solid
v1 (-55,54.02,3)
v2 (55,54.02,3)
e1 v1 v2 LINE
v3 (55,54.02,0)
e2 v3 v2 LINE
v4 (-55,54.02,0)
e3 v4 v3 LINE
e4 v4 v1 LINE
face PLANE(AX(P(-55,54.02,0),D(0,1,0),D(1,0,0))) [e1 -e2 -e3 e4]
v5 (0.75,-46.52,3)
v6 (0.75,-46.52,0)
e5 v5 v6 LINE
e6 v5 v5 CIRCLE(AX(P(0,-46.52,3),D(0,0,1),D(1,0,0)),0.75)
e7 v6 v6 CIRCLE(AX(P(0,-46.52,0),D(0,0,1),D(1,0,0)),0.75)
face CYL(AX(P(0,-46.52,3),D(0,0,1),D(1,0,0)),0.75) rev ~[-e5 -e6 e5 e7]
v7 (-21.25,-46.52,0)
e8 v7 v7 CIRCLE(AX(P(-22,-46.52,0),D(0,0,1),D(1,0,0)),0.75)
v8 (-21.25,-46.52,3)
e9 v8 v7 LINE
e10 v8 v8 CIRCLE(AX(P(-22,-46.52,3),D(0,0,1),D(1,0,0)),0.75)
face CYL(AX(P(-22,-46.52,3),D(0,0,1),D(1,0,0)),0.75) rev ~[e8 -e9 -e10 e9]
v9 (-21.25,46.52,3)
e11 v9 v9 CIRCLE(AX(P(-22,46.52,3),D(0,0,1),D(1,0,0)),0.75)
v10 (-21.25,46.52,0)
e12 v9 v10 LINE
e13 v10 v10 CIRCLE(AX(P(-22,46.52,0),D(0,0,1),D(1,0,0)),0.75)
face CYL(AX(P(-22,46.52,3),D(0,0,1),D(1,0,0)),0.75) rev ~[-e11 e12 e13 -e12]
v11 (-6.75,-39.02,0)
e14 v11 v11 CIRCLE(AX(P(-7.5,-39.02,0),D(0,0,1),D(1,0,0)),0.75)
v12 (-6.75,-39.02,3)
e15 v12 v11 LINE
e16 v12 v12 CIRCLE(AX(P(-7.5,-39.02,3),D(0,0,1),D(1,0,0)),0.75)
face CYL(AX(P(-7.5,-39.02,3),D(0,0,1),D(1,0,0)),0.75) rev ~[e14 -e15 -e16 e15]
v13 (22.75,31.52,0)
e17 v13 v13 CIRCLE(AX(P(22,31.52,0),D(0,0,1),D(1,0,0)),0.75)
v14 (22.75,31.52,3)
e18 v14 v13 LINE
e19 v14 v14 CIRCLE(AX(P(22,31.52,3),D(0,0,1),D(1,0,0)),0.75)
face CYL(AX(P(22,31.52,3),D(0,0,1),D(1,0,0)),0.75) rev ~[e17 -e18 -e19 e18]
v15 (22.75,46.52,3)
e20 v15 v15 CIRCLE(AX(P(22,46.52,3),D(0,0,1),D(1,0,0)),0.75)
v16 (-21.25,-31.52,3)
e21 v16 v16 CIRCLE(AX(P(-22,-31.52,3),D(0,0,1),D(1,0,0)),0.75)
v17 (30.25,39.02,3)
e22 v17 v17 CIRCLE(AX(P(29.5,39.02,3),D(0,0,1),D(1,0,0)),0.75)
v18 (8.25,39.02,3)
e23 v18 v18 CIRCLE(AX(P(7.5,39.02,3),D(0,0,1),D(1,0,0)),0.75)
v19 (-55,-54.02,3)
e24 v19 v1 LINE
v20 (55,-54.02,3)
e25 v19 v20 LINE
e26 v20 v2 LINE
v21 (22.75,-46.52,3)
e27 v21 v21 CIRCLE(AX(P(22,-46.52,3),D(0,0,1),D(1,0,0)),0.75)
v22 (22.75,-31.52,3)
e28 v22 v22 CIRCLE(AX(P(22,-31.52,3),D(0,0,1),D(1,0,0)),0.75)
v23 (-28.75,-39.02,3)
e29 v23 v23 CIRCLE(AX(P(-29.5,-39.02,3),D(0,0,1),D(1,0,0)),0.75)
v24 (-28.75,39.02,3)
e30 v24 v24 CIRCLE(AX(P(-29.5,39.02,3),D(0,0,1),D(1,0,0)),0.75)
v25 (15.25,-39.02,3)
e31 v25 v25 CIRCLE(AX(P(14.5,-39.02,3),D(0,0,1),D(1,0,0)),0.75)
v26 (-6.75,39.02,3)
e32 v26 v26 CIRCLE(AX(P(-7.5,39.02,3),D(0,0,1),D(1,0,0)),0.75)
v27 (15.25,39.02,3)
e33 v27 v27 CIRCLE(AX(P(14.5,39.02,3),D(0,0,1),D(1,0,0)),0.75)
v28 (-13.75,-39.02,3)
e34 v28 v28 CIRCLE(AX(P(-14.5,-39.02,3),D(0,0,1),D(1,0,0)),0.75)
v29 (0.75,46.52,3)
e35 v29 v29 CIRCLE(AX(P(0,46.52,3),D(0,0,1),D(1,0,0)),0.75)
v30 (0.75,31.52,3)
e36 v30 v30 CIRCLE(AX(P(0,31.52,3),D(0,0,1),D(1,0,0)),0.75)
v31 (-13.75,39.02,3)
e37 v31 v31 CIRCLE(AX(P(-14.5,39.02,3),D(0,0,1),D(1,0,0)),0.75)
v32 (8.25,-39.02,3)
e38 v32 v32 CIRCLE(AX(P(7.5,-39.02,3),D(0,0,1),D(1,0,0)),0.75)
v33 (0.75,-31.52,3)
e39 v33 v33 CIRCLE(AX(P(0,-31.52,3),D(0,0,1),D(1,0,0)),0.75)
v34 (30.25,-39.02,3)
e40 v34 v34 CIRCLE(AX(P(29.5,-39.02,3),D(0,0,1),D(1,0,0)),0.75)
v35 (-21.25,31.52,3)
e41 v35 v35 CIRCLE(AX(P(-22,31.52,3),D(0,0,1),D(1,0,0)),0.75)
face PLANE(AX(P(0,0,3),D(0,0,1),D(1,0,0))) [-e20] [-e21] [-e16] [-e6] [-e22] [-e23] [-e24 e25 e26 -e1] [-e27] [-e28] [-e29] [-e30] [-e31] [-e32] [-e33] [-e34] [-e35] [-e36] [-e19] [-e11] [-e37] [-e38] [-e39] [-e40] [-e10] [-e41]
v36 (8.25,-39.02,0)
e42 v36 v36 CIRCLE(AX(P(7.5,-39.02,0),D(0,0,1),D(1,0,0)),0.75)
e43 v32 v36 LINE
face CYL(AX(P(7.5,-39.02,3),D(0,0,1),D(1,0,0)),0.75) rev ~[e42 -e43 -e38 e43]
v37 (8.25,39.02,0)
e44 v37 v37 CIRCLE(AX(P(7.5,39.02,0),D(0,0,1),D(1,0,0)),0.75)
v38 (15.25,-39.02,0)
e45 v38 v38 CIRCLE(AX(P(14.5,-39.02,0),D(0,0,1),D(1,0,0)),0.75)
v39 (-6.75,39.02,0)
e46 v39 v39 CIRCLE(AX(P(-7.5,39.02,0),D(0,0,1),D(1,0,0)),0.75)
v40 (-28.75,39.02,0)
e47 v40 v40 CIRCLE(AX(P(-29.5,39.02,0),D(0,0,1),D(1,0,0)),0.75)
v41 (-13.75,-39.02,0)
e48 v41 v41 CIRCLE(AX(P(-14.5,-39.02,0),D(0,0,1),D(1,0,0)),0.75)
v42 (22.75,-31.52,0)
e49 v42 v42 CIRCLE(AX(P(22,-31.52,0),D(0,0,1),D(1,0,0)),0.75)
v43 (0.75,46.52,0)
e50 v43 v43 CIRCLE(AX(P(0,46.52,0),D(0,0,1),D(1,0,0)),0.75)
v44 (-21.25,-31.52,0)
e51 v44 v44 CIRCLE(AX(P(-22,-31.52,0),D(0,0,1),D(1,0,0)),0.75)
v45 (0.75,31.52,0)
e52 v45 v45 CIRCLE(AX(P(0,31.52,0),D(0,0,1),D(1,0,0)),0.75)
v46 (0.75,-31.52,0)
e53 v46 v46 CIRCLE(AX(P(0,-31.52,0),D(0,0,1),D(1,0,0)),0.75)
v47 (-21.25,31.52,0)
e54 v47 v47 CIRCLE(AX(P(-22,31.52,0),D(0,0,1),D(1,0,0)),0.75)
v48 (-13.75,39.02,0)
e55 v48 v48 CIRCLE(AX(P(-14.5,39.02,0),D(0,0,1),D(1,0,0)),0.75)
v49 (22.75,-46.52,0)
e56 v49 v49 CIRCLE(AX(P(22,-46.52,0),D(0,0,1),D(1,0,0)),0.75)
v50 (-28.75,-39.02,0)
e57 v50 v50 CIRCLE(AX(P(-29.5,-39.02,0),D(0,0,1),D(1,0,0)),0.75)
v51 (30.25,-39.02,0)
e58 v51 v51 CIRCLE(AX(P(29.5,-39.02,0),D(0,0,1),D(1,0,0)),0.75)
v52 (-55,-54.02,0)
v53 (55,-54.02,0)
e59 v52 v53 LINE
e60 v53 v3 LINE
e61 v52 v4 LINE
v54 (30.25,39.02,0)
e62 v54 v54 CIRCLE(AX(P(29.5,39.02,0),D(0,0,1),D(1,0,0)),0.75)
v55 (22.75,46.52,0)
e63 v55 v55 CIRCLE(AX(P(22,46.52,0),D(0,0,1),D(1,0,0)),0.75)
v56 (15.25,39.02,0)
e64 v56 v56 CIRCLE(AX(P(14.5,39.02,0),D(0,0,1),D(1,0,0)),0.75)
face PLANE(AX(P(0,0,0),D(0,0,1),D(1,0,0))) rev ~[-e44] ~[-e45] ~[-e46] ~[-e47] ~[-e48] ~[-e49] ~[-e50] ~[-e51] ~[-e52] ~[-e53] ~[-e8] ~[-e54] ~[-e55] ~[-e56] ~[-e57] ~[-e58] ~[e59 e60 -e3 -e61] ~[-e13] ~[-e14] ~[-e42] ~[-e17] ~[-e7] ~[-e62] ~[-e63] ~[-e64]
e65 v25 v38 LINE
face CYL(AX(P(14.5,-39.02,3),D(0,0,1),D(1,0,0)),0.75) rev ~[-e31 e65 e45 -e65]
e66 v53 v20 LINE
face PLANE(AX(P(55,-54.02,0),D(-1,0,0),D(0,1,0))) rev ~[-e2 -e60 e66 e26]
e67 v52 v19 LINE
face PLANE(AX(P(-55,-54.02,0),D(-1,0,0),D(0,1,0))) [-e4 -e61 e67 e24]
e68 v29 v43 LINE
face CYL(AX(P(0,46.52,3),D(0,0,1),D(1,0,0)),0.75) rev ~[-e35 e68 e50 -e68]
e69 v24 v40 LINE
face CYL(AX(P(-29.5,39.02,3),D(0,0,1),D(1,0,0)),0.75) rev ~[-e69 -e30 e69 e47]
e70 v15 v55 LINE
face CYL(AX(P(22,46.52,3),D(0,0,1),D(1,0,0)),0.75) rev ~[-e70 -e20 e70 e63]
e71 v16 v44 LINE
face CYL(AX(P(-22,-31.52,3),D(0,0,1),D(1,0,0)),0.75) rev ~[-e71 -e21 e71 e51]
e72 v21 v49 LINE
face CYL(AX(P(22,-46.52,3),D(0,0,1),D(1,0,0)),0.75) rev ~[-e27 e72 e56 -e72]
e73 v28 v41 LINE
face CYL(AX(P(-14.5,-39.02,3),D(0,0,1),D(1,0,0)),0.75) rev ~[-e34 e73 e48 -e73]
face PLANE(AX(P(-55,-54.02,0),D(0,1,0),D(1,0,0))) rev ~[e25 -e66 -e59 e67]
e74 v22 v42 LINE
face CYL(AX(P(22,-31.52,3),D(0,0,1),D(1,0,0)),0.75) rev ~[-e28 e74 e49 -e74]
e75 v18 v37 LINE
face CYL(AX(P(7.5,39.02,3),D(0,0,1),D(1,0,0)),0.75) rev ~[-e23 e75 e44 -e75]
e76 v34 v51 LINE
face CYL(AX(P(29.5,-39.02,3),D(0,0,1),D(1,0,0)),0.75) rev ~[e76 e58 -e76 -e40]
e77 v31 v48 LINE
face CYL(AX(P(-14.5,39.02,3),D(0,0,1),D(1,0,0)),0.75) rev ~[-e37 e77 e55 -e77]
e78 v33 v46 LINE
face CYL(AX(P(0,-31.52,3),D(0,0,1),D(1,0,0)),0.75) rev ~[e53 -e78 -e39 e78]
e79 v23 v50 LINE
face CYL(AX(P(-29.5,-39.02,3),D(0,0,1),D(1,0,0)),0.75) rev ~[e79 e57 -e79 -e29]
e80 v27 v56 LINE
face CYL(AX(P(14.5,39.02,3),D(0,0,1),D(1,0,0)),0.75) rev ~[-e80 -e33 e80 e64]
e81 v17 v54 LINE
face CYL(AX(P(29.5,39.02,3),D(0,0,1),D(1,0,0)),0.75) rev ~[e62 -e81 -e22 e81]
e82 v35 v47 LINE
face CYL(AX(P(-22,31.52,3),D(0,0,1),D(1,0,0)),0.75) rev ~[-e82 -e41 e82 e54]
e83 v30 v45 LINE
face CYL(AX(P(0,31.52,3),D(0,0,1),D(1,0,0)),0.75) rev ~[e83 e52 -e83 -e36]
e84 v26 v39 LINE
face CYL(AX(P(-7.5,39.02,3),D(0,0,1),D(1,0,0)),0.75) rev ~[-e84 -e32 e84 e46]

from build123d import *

# Parameters (mm, degrees)
CROQUIS1_W              = 110
CROQUIS1_H              = 108.04
SALIENTE_EXTRUIR1_DEPTH = 3
CORTAR_EXTRUIR1_REACH   = 79.15
CROQUIS2_R              = 0.75


with BuildPart() as part:
    # Croquis1 → Saliente-Extruir1 (new body)
    with BuildSketch(Plane.XY):
        Rectangle(CROQUIS1_W, CROQUIS1_H)
    extrude(amount=SALIENTE_EXTRUIR1_DEPTH)

    # Croquis2 → Cortar-Extruir1 (cut, up to next)
    with BuildSketch(Plane.XY.offset(3), mode=Mode.PRIVATE) as cortar_extruir1_sk1:
        with Locations((7.5, -39.02)):
            Circle(CROQUIS2_R)
    cortar_extruir1_tool1 = extrude(cortar_extruir1_sk1.sketch, amount=-CORTAR_EXTRUIR1_REACH, mode=Mode.PRIVATE) & part.part
    # Croquis2 → Cortar-Extruir1 (cut, up to next)
    with BuildSketch(Plane.XY.offset(3), mode=Mode.PRIVATE) as cortar_extruir1_sk2:
        with Locations((-7.5, -39.02)):
            Circle(CROQUIS2_R)
    cortar_extruir1_tool2 = extrude(cortar_extruir1_sk2.sketch, amount=-CORTAR_EXTRUIR1_REACH, mode=Mode.PRIVATE) & part.part
    # Croquis2 → Cortar-Extruir1 (cut, up to next)
    with BuildSketch(Plane.XY.offset(3), mode=Mode.PRIVATE) as cortar_extruir1_sk3:
        with Locations((0, -46.52)):
            Circle(CROQUIS2_R)
    cortar_extruir1_tool3 = extrude(cortar_extruir1_sk3.sketch, amount=-CORTAR_EXTRUIR1_REACH, mode=Mode.PRIVATE) & part.part
    # Croquis2 → Cortar-Extruir1 (cut, up to next)
    with BuildSketch(Plane.XY.offset(3), mode=Mode.PRIVATE) as cortar_extruir1_sk4:
        with Locations((0, -31.52)):
            Circle(CROQUIS2_R)
    cortar_extruir1_tool4 = extrude(cortar_extruir1_sk4.sketch, amount=-CORTAR_EXTRUIR1_REACH, mode=Mode.PRIVATE) & part.part
    # Croquis2 → Cortar-Extruir1 (cut, up to next)
    with BuildSketch(Plane.XY.offset(3), mode=Mode.PRIVATE) as cortar_extruir1_sk5:
        with Locations((14.5, -39.02)):
            Circle(CROQUIS2_R)
    cortar_extruir1_tool5 = extrude(cortar_extruir1_sk5.sketch, amount=-CORTAR_EXTRUIR1_REACH, mode=Mode.PRIVATE) & part.part
    # Croquis2 → Cortar-Extruir1 (cut, up to next)
    with BuildSketch(Plane.XY.offset(3), mode=Mode.PRIVATE) as cortar_extruir1_sk6:
        with Locations((22, -31.52)):
            Circle(CROQUIS2_R)
    cortar_extruir1_tool6 = extrude(cortar_extruir1_sk6.sketch, amount=-CORTAR_EXTRUIR1_REACH, mode=Mode.PRIVATE) & part.part
    # Croquis2 → Cortar-Extruir1 (cut, up to next)
    with BuildSketch(Plane.XY.offset(3), mode=Mode.PRIVATE) as cortar_extruir1_sk7:
        with Locations((22, -46.52)):
            Circle(CROQUIS2_R)
    cortar_extruir1_tool7 = extrude(cortar_extruir1_sk7.sketch, amount=-CORTAR_EXTRUIR1_REACH, mode=Mode.PRIVATE) & part.part
    # Croquis2 → Cortar-Extruir1 (cut, up to next)
    with BuildSketch(Plane.XY.offset(3), mode=Mode.PRIVATE) as cortar_extruir1_sk8:
        with Locations((29.5, -39.02)):
            Circle(CROQUIS2_R)
    cortar_extruir1_tool8 = extrude(cortar_extruir1_sk8.sketch, amount=-CORTAR_EXTRUIR1_REACH, mode=Mode.PRIVATE) & part.part
    # Croquis2 → Cortar-Extruir1 (cut, up to next)
    with BuildSketch(Plane.XY.offset(3), mode=Mode.PRIVATE) as cortar_extruir1_sk9:
        with Locations((-22, -31.52)):
            Circle(CROQUIS2_R)
    cortar_extruir1_tool9 = extrude(cortar_extruir1_sk9.sketch, amount=-CORTAR_EXTRUIR1_REACH, mode=Mode.PRIVATE) & part.part
    # Croquis2 → Cortar-Extruir1 (cut, up to next)
    with BuildSketch(Plane.XY.offset(3), mode=Mode.PRIVATE) as cortar_extruir1_sk10:
        with Locations((-29.5, -39.02)):
            Circle(CROQUIS2_R)
    cortar_extruir1_tool10 = extrude(cortar_extruir1_sk10.sketch, amount=-CORTAR_EXTRUIR1_REACH, mode=Mode.PRIVATE) & part.part
    # Croquis2 → Cortar-Extruir1 (cut, up to next)
    with BuildSketch(Plane.XY.offset(3), mode=Mode.PRIVATE) as cortar_extruir1_sk11:
        with Locations((-22, -46.52)):
            Circle(CROQUIS2_R)
    cortar_extruir1_tool11 = extrude(cortar_extruir1_sk11.sketch, amount=-CORTAR_EXTRUIR1_REACH, mode=Mode.PRIVATE) & part.part
    # Croquis2 → Cortar-Extruir1 (cut, up to next)
    with BuildSketch(Plane.XY.offset(3), mode=Mode.PRIVATE) as cortar_extruir1_sk12:
        with Locations((-14.5, -39.02)):
            Circle(CROQUIS2_R)
    cortar_extruir1_tool12 = extrude(cortar_extruir1_sk12.sketch, amount=-CORTAR_EXTRUIR1_REACH, mode=Mode.PRIVATE) & part.part
    # Croquis2 → Cortar-Extruir1 (cut, up to next)
    with BuildSketch(Plane.XY.offset(3), mode=Mode.PRIVATE) as cortar_extruir1_sk13:
        with Locations((29.5, 39.02)):
            Circle(CROQUIS2_R)
    cortar_extruir1_tool13 = extrude(cortar_extruir1_sk13.sketch, amount=-CORTAR_EXTRUIR1_REACH, mode=Mode.PRIVATE) & part.part
    # Croquis2 → Cortar-Extruir1 (cut, up to next)
    with BuildSketch(Plane.XY.offset(3), mode=Mode.PRIVATE) as cortar_extruir1_sk14:
        with Locations((22, 31.52)):
            Circle(CROQUIS2_R)
    cortar_extruir1_tool14 = extrude(cortar_extruir1_sk14.sketch, amount=-CORTAR_EXTRUIR1_REACH, mode=Mode.PRIVATE) & part.part
    # Croquis2 → Cortar-Extruir1 (cut, up to next)
    with BuildSketch(Plane.XY.offset(3), mode=Mode.PRIVATE) as cortar_extruir1_sk15:
        with Locations((22, 46.52)):
            Circle(CROQUIS2_R)
    cortar_extruir1_tool15 = extrude(cortar_extruir1_sk15.sketch, amount=-CORTAR_EXTRUIR1_REACH, mode=Mode.PRIVATE) & part.part
    # Croquis2 → Cortar-Extruir1 (cut, up to next)
    with BuildSketch(Plane.XY.offset(3), mode=Mode.PRIVATE) as cortar_extruir1_sk16:
        with Locations((14.5, 39.02)):
            Circle(CROQUIS2_R)
    cortar_extruir1_tool16 = extrude(cortar_extruir1_sk16.sketch, amount=-CORTAR_EXTRUIR1_REACH, mode=Mode.PRIVATE) & part.part
    # Croquis2 → Cortar-Extruir1 (cut, up to next)
    with BuildSketch(Plane.XY.offset(3), mode=Mode.PRIVATE) as cortar_extruir1_sk17:
        with Locations((7.5, 39.02)):
            Circle(CROQUIS2_R)
    cortar_extruir1_tool17 = extrude(cortar_extruir1_sk17.sketch, amount=-CORTAR_EXTRUIR1_REACH, mode=Mode.PRIVATE) & part.part
    # Croquis2 → Cortar-Extruir1 (cut, up to next)
    with BuildSketch(Plane.XY.offset(3), mode=Mode.PRIVATE) as cortar_extruir1_sk18:
        with Locations((0, 46.52)):
            Circle(CROQUIS2_R)
    cortar_extruir1_tool18 = extrude(cortar_extruir1_sk18.sketch, amount=-CORTAR_EXTRUIR1_REACH, mode=Mode.PRIVATE) & part.part
    # Croquis2 → Cortar-Extruir1 (cut, up to next)
    with BuildSketch(Plane.XY.offset(3), mode=Mode.PRIVATE) as cortar_extruir1_sk19:
        with Locations((0, 31.52)):
            Circle(CROQUIS2_R)
    cortar_extruir1_tool19 = extrude(cortar_extruir1_sk19.sketch, amount=-CORTAR_EXTRUIR1_REACH, mode=Mode.PRIVATE) & part.part
    # Croquis2 → Cortar-Extruir1 (cut, up to next)
    with BuildSketch(Plane.XY.offset(3), mode=Mode.PRIVATE) as cortar_extruir1_sk20:
        with Locations((-7.5, 39.02)):
            Circle(CROQUIS2_R)
    cortar_extruir1_tool20 = extrude(cortar_extruir1_sk20.sketch, amount=-CORTAR_EXTRUIR1_REACH, mode=Mode.PRIVATE) & part.part
    # Croquis2 → Cortar-Extruir1 (cut, up to next)
    with BuildSketch(Plane.XY.offset(3), mode=Mode.PRIVATE) as cortar_extruir1_sk21:
        with Locations((-14.5, 39.02)):
            Circle(CROQUIS2_R)
    cortar_extruir1_tool21 = extrude(cortar_extruir1_sk21.sketch, amount=-CORTAR_EXTRUIR1_REACH, mode=Mode.PRIVATE) & part.part
    # Croquis2 → Cortar-Extruir1 (cut, up to next)
    with BuildSketch(Plane.XY.offset(3), mode=Mode.PRIVATE) as cortar_extruir1_sk22:
        with Locations((-22, 46.52)):
            Circle(CROQUIS2_R)
    cortar_extruir1_tool22 = extrude(cortar_extruir1_sk22.sketch, amount=-CORTAR_EXTRUIR1_REACH, mode=Mode.PRIVATE) & part.part
    # Croquis2 → Cortar-Extruir1 (cut, up to next)
    with BuildSketch(Plane.XY.offset(3), mode=Mode.PRIVATE) as cortar_extruir1_sk23:
        with Locations((-22, 31.52)):
            Circle(CROQUIS2_R)
    cortar_extruir1_tool23 = extrude(cortar_extruir1_sk23.sketch, amount=-CORTAR_EXTRUIR1_REACH, mode=Mode.PRIVATE) & part.part
    # Croquis2 → Cortar-Extruir1 (cut, up to next)
    with BuildSketch(Plane.XY.offset(3), mode=Mode.PRIVATE) as cortar_extruir1_sk24:
        with Locations((-29.5, 39.02)):
            Circle(CROQUIS2_R)
    cortar_extruir1_tool24 = extrude(cortar_extruir1_sk24.sketch, amount=-CORTAR_EXTRUIR1_REACH, mode=Mode.PRIVATE) & part.part
    add(cortar_extruir1_tool1.solids().sort_by_distance((7.5, -39.02, 3))[0], mode=Mode.SUBTRACT)
    add(cortar_extruir1_tool2.solids().sort_by_distance((-7.5, -39.02, 3))[0], mode=Mode.SUBTRACT)
    add(cortar_extruir1_tool3.solids().sort_by_distance((0, -46.52, 3))[0], mode=Mode.SUBTRACT)
    add(cortar_extruir1_tool4.solids().sort_by_distance((0, -31.52, 3))[0], mode=Mode.SUBTRACT)
    add(cortar_extruir1_tool5.solids().sort_by_distance((14.5, -39.02, 3))[0], mode=Mode.SUBTRACT)
    add(cortar_extruir1_tool6.solids().sort_by_distance((22, -31.52, 3))[0], mode=Mode.SUBTRACT)
    add(cortar_extruir1_tool7.solids().sort_by_distance((22, -46.52, 3))[0], mode=Mode.SUBTRACT)
    add(cortar_extruir1_tool8.solids().sort_by_distance((29.5, -39.02, 3))[0], mode=Mode.SUBTRACT)
    add(cortar_extruir1_tool9.solids().sort_by_distance((-22, -31.52, 3))[0], mode=Mode.SUBTRACT)
    add(cortar_extruir1_tool10.solids().sort_by_distance((-29.5, -39.02, 3))[0], mode=Mode.SUBTRACT)
    add(cortar_extruir1_tool11.solids().sort_by_distance((-22, -46.52, 3))[0], mode=Mode.SUBTRACT)
    add(cortar_extruir1_tool12.solids().sort_by_distance((-14.5, -39.02, 3))[0], mode=Mode.SUBTRACT)
    add(cortar_extruir1_tool13.solids().sort_by_distance((29.5, 39.02, 3))[0], mode=Mode.SUBTRACT)
    add(cortar_extruir1_tool14.solids().sort_by_distance((22, 31.52, 3))[0], mode=Mode.SUBTRACT)
    add(cortar_extruir1_tool15.solids().sort_by_distance((22, 46.52, 3))[0], mode=Mode.SUBTRACT)
    add(cortar_extruir1_tool16.solids().sort_by_distance((14.5, 39.02, 3))[0], mode=Mode.SUBTRACT)
    add(cortar_extruir1_tool17.solids().sort_by_distance((7.5, 39.02, 3))[0], mode=Mode.SUBTRACT)
    add(cortar_extruir1_tool18.solids().sort_by_distance((0, 46.52, 3))[0], mode=Mode.SUBTRACT)
    add(cortar_extruir1_tool19.solids().sort_by_distance((0, 31.52, 3))[0], mode=Mode.SUBTRACT)
    add(cortar_extruir1_tool20.solids().sort_by_distance((-7.5, 39.02, 3))[0], mode=Mode.SUBTRACT)
    add(cortar_extruir1_tool21.solids().sort_by_distance((-14.5, 39.02, 3))[0], mode=Mode.SUBTRACT)
    add(cortar_extruir1_tool22.solids().sort_by_distance((-22, 46.52, 3))[0], mode=Mode.SUBTRACT)
    add(cortar_extruir1_tool23.solids().sort_by_distance((-22, 31.52, 3))[0], mode=Mode.SUBTRACT)
    add(cortar_extruir1_tool24.solids().sort_by_distance((-29.5, 39.02, 3))[0], mode=Mode.SUBTRACT)


solid = part.part
